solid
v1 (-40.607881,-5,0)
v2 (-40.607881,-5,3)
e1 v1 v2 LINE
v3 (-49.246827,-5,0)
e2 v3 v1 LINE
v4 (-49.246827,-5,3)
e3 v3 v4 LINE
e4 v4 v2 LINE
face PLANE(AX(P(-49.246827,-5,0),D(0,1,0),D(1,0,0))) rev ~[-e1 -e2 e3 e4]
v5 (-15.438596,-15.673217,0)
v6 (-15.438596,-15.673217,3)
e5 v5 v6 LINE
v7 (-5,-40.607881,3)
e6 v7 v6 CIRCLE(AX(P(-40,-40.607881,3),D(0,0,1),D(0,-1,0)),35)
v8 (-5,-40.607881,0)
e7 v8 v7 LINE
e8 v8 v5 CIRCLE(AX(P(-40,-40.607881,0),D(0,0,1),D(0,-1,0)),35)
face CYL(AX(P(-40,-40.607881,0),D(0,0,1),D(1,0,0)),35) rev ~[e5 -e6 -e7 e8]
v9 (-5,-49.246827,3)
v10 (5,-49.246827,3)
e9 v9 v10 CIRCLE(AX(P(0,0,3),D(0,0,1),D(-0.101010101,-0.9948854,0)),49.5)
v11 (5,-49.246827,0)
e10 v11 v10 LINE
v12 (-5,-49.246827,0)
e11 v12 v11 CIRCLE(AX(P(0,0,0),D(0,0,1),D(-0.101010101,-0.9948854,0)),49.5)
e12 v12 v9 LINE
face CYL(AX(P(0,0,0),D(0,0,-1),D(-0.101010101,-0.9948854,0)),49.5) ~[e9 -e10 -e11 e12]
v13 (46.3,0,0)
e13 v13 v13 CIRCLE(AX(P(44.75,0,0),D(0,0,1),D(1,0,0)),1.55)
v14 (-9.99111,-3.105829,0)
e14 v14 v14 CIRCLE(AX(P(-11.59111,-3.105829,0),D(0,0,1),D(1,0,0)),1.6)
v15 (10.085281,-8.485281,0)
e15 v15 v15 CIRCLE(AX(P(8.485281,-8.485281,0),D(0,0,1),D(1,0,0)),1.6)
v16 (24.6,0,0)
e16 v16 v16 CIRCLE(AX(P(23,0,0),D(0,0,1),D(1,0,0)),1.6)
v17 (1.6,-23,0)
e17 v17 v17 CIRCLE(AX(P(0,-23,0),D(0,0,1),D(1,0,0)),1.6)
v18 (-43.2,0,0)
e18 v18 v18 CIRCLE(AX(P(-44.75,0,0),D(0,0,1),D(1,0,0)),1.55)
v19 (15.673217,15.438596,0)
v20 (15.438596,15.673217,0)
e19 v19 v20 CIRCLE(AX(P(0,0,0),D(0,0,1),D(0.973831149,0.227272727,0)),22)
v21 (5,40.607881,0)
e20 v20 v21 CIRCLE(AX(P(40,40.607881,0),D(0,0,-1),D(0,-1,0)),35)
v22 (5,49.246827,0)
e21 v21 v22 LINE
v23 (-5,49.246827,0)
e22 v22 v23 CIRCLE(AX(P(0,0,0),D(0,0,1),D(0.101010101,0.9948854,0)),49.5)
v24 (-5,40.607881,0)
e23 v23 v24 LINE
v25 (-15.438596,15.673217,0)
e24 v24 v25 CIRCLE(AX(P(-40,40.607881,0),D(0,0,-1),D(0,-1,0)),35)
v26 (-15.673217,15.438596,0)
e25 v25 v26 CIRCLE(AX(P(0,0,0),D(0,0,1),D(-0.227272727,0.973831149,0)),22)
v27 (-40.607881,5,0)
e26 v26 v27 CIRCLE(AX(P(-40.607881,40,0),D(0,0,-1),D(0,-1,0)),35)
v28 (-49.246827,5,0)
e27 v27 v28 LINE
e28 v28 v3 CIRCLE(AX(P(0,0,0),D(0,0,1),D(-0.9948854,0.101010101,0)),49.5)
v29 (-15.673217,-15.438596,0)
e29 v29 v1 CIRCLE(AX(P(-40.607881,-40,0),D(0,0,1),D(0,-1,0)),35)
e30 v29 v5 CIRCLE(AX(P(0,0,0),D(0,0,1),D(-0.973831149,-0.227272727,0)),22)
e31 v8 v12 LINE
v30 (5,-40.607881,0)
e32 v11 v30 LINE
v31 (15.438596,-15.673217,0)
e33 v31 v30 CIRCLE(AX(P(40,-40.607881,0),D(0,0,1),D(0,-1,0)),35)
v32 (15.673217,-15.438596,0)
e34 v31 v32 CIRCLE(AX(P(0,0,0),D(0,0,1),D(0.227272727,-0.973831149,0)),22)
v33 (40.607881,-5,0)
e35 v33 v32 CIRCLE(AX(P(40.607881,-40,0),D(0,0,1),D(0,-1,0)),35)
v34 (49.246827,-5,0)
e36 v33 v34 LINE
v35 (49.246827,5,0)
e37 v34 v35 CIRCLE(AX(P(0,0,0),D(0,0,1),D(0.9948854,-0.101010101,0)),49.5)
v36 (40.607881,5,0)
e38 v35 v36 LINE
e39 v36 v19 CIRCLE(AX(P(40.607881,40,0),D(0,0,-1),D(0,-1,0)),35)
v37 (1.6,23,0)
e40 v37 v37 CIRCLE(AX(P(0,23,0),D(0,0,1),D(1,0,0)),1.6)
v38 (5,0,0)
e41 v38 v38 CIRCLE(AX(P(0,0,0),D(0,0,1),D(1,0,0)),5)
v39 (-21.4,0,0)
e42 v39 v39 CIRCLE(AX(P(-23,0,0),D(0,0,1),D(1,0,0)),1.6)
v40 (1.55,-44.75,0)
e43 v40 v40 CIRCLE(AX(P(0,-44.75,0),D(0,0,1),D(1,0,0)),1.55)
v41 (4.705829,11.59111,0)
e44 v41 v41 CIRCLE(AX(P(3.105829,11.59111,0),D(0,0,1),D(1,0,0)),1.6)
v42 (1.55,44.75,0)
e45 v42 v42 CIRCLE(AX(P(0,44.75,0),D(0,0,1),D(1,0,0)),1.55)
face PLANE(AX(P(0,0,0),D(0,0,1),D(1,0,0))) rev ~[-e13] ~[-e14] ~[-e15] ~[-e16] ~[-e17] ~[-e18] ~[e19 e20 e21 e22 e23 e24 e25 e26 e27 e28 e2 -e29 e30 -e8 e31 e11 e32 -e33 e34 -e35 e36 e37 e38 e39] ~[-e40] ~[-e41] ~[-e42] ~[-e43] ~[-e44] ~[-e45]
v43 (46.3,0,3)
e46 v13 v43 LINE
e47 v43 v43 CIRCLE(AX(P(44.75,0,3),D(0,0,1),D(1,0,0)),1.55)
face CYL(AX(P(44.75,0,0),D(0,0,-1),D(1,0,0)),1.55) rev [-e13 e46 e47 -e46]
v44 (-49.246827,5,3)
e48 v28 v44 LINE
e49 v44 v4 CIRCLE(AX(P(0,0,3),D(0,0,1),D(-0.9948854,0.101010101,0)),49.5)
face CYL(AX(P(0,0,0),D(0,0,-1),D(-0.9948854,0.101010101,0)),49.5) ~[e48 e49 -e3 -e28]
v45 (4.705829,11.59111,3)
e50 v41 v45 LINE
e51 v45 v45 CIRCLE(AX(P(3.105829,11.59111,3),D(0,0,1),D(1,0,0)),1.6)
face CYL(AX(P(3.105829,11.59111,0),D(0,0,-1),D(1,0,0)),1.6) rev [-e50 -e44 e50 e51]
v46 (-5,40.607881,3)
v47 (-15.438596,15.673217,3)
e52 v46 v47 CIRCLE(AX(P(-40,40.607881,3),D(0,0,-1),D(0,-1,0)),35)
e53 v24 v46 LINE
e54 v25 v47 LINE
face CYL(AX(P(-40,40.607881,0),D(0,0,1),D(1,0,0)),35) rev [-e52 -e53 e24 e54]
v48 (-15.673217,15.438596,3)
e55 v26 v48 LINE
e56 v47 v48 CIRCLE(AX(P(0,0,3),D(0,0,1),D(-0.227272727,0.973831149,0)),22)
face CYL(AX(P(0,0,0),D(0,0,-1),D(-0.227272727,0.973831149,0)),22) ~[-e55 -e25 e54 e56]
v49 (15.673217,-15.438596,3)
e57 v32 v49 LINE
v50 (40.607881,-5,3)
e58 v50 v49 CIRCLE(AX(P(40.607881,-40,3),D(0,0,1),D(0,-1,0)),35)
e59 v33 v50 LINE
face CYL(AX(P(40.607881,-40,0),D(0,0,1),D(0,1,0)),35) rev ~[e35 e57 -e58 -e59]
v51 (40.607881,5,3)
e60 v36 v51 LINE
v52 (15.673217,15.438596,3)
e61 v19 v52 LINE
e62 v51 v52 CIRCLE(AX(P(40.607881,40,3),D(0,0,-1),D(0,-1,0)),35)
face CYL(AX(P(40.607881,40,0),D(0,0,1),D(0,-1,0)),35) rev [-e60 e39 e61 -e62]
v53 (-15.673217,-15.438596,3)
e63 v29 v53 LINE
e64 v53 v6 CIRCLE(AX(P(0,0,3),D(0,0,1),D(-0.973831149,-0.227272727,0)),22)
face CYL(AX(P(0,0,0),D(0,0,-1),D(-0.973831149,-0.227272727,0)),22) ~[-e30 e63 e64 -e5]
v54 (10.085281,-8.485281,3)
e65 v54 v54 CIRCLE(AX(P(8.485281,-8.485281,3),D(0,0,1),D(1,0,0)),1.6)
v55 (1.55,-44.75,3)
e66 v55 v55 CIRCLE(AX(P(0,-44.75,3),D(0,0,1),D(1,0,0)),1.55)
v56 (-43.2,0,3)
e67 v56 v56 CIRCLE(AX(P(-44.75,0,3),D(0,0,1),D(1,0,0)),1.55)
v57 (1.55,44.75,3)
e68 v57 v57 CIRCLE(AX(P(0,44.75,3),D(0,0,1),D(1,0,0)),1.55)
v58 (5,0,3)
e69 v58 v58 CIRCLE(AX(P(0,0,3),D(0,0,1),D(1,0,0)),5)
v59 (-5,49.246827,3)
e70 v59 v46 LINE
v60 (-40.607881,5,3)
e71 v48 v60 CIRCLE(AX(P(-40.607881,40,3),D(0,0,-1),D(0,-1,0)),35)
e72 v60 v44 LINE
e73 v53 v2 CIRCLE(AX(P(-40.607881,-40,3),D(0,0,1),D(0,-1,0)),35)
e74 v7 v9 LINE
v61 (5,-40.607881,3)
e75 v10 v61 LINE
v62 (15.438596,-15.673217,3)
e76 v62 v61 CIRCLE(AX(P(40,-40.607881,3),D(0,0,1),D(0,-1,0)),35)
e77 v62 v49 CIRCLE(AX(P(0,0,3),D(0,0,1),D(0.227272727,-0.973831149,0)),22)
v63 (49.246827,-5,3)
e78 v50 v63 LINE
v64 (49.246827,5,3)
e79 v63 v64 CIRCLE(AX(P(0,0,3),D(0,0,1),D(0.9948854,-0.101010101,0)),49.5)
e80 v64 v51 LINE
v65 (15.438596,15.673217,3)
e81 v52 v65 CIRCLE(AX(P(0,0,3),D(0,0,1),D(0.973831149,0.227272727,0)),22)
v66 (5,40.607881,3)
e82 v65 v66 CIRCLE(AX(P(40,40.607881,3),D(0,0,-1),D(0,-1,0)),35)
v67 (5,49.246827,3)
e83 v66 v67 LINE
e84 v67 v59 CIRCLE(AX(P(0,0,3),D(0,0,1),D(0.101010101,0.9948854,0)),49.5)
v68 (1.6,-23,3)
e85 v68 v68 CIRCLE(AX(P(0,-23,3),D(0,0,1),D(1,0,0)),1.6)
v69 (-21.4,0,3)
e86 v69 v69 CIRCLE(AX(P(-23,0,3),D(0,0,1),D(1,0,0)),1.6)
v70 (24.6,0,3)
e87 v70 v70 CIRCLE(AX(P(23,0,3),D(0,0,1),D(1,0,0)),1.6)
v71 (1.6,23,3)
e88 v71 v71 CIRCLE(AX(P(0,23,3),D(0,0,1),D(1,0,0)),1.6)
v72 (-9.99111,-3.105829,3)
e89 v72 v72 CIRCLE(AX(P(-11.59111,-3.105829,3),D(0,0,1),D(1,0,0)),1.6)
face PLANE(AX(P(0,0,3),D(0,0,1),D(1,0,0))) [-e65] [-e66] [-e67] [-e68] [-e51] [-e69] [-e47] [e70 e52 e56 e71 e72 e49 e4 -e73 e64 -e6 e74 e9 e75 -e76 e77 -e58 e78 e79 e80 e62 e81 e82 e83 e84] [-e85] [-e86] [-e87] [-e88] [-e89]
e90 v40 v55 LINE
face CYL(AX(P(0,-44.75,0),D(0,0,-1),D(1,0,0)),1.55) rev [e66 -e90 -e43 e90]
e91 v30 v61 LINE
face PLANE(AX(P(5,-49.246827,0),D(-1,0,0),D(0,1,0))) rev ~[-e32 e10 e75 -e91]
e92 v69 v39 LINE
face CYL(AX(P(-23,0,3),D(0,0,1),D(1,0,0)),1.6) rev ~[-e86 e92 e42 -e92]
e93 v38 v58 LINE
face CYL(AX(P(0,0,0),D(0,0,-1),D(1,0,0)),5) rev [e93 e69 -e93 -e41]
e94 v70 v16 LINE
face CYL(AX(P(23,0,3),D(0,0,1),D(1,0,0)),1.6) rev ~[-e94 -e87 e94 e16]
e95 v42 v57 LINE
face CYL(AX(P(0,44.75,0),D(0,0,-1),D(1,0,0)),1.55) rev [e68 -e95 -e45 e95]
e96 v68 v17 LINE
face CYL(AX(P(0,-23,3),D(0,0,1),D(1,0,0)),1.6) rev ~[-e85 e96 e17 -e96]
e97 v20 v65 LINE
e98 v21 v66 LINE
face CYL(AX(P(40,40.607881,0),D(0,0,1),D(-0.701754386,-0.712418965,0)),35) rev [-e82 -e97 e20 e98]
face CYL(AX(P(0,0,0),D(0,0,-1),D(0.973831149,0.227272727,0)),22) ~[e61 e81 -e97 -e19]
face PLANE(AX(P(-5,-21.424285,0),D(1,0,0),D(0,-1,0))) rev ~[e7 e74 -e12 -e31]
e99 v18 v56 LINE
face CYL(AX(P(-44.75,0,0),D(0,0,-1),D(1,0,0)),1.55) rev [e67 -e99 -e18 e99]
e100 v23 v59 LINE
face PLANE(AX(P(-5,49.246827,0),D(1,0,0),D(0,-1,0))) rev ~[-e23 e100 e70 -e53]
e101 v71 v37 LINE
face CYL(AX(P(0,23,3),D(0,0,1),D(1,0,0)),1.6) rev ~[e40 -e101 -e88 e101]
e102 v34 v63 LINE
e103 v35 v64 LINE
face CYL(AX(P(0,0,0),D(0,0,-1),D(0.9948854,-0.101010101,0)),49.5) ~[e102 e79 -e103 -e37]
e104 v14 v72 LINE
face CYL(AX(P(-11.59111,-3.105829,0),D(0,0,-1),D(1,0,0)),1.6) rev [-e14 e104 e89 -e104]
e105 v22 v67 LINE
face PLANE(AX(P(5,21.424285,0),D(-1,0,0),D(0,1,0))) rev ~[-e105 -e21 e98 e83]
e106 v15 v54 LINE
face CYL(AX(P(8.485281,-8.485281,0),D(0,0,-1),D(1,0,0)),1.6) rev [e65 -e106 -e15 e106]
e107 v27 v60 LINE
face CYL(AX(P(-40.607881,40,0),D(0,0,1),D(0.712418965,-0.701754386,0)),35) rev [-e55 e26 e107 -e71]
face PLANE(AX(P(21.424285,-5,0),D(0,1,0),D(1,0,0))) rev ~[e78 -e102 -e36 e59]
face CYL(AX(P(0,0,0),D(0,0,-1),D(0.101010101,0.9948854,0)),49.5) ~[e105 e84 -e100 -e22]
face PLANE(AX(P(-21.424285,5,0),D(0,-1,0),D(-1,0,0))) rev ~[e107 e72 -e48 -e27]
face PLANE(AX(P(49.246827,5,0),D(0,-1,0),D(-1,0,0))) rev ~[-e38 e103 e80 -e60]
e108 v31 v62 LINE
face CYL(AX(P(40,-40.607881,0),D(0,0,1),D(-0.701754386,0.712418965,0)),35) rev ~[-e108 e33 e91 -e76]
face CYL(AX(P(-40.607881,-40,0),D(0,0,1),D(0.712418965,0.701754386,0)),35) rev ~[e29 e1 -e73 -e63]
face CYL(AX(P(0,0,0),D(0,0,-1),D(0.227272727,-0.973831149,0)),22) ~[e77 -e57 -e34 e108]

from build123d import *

# Parameters (mm, degrees)
SKETCH_1_R          = 1.55
SKETCH_1_R_2        = 5
SKETCH_1_R_3        = 1.6
EXTRUDE_1_DEPTH     = 3
FILLET_1_R          = 35
SKETCH_2_R          = 1.6
CUT_EXTRUDE_1_DEPTH = 14


with BuildPart() as part:
    # 草图1 → 凸台-拉伸1 (new body)
    with BuildSketch(Plane.XY):
        with BuildLine():
            Line((49.246827309, 5), (21.424285286, 5))
            ThreePointArc((21.424285286, 5), (15.556349186, 15.556349186), (5, 21.424285286))
            Line((5, 21.424285286), (5, 49.246827309))
            ThreePointArc((5, 49.246827309), (0, 49.5), (-5, 49.246827309))
            Line((-5, 49.246827309), (-5, 21.424285286))
            ThreePointArc((-5, 21.424285286), (-15.556349186, 15.556349186), (-21.424285286, 5))
            Line((-21.424285286, 5), (-49.246827309, 5))
            ThreePointArc((-49.246827309, 5), (-49.5, 0), (-49.246827309, -5))
            Line((-49.246827309, -5), (-21.424285286, -5))
            ThreePointArc((-21.424285286, -5), (-15.556349186, -15.556349186), (-5, -21.424285286))
            Line((-5, -21.424285286), (-5, -49.246827309))
            ThreePointArc((-5, -49.246827309), (0, -49.5), (5, -49.246827309))
            Line((5, -49.246827309), (5, -21.424285286))
            ThreePointArc((5, -21.424285286), (15.556349186, -15.556349186), (21.424285286, -5))
            Line((21.424285286, -5), (49.246827309, -5))
            ThreePointArc((49.246827309, -5), (49.5, 0), (49.246827309, 5))
        make_face()
        with Locations((-44.75, 0)):
            Circle(SKETCH_1_R, mode=Mode.SUBTRACT)
        Circle(SKETCH_1_R_2, mode=Mode.SUBTRACT)
        with Locations((0, 44.75)):
            Circle(SKETCH_1_R, mode=Mode.SUBTRACT)
        with Locations((44.75, 0)):
            Circle(SKETCH_1_R, mode=Mode.SUBTRACT)
        with Locations((0, -44.75)):
            Circle(SKETCH_1_R, mode=Mode.SUBTRACT)
        with Locations((3.105828541, 11.591109915)):
            Circle(SKETCH_1_R_3, mode=Mode.SUBTRACT)
        with Locations((8.485281374, -8.485281374)):
            Circle(SKETCH_1_R_3, mode=Mode.SUBTRACT)
        with Locations((-11.591109915, -3.105828541)):
            Circle(SKETCH_1_R_3, mode=Mode.SUBTRACT)
    extrude(amount=EXTRUDE_1_DEPTH)

    # 圆角1
    fillet_1_edges = [part.edges().sort_by_distance(p)[0] for p in [
        (5, 21.424285286, 1.5),
        (21.424285286, 5, 1.5),
        (21.424285286, -5, 1.5),
        (5, -21.424285286, 1.5),
        (-5, -21.424285286, 1.5),
        (-21.424285286, -5, 1.5),
        (-21.424285286, 5, 1.5),
        (-5, 21.424285286, 1.5),
    ]]
    fillet(fillet_1_edges, radius=FILLET_1_R)

    # 草图2 → 切除-拉伸1 (cut)
    with BuildSketch(Plane.XY.offset(3)):
        with Locations((-23, 0)):
            Circle(SKETCH_2_R)
        with Locations((0, 23)):
            Circle(SKETCH_2_R)
        with Locations((23, 0)):
            Circle(SKETCH_2_R)
        with Locations((0, -23)):
            Circle(SKETCH_2_R)
    extrude(amount=-CUT_EXTRUDE_1_DEPTH, mode=Mode.SUBTRACT)


solid = part.part
